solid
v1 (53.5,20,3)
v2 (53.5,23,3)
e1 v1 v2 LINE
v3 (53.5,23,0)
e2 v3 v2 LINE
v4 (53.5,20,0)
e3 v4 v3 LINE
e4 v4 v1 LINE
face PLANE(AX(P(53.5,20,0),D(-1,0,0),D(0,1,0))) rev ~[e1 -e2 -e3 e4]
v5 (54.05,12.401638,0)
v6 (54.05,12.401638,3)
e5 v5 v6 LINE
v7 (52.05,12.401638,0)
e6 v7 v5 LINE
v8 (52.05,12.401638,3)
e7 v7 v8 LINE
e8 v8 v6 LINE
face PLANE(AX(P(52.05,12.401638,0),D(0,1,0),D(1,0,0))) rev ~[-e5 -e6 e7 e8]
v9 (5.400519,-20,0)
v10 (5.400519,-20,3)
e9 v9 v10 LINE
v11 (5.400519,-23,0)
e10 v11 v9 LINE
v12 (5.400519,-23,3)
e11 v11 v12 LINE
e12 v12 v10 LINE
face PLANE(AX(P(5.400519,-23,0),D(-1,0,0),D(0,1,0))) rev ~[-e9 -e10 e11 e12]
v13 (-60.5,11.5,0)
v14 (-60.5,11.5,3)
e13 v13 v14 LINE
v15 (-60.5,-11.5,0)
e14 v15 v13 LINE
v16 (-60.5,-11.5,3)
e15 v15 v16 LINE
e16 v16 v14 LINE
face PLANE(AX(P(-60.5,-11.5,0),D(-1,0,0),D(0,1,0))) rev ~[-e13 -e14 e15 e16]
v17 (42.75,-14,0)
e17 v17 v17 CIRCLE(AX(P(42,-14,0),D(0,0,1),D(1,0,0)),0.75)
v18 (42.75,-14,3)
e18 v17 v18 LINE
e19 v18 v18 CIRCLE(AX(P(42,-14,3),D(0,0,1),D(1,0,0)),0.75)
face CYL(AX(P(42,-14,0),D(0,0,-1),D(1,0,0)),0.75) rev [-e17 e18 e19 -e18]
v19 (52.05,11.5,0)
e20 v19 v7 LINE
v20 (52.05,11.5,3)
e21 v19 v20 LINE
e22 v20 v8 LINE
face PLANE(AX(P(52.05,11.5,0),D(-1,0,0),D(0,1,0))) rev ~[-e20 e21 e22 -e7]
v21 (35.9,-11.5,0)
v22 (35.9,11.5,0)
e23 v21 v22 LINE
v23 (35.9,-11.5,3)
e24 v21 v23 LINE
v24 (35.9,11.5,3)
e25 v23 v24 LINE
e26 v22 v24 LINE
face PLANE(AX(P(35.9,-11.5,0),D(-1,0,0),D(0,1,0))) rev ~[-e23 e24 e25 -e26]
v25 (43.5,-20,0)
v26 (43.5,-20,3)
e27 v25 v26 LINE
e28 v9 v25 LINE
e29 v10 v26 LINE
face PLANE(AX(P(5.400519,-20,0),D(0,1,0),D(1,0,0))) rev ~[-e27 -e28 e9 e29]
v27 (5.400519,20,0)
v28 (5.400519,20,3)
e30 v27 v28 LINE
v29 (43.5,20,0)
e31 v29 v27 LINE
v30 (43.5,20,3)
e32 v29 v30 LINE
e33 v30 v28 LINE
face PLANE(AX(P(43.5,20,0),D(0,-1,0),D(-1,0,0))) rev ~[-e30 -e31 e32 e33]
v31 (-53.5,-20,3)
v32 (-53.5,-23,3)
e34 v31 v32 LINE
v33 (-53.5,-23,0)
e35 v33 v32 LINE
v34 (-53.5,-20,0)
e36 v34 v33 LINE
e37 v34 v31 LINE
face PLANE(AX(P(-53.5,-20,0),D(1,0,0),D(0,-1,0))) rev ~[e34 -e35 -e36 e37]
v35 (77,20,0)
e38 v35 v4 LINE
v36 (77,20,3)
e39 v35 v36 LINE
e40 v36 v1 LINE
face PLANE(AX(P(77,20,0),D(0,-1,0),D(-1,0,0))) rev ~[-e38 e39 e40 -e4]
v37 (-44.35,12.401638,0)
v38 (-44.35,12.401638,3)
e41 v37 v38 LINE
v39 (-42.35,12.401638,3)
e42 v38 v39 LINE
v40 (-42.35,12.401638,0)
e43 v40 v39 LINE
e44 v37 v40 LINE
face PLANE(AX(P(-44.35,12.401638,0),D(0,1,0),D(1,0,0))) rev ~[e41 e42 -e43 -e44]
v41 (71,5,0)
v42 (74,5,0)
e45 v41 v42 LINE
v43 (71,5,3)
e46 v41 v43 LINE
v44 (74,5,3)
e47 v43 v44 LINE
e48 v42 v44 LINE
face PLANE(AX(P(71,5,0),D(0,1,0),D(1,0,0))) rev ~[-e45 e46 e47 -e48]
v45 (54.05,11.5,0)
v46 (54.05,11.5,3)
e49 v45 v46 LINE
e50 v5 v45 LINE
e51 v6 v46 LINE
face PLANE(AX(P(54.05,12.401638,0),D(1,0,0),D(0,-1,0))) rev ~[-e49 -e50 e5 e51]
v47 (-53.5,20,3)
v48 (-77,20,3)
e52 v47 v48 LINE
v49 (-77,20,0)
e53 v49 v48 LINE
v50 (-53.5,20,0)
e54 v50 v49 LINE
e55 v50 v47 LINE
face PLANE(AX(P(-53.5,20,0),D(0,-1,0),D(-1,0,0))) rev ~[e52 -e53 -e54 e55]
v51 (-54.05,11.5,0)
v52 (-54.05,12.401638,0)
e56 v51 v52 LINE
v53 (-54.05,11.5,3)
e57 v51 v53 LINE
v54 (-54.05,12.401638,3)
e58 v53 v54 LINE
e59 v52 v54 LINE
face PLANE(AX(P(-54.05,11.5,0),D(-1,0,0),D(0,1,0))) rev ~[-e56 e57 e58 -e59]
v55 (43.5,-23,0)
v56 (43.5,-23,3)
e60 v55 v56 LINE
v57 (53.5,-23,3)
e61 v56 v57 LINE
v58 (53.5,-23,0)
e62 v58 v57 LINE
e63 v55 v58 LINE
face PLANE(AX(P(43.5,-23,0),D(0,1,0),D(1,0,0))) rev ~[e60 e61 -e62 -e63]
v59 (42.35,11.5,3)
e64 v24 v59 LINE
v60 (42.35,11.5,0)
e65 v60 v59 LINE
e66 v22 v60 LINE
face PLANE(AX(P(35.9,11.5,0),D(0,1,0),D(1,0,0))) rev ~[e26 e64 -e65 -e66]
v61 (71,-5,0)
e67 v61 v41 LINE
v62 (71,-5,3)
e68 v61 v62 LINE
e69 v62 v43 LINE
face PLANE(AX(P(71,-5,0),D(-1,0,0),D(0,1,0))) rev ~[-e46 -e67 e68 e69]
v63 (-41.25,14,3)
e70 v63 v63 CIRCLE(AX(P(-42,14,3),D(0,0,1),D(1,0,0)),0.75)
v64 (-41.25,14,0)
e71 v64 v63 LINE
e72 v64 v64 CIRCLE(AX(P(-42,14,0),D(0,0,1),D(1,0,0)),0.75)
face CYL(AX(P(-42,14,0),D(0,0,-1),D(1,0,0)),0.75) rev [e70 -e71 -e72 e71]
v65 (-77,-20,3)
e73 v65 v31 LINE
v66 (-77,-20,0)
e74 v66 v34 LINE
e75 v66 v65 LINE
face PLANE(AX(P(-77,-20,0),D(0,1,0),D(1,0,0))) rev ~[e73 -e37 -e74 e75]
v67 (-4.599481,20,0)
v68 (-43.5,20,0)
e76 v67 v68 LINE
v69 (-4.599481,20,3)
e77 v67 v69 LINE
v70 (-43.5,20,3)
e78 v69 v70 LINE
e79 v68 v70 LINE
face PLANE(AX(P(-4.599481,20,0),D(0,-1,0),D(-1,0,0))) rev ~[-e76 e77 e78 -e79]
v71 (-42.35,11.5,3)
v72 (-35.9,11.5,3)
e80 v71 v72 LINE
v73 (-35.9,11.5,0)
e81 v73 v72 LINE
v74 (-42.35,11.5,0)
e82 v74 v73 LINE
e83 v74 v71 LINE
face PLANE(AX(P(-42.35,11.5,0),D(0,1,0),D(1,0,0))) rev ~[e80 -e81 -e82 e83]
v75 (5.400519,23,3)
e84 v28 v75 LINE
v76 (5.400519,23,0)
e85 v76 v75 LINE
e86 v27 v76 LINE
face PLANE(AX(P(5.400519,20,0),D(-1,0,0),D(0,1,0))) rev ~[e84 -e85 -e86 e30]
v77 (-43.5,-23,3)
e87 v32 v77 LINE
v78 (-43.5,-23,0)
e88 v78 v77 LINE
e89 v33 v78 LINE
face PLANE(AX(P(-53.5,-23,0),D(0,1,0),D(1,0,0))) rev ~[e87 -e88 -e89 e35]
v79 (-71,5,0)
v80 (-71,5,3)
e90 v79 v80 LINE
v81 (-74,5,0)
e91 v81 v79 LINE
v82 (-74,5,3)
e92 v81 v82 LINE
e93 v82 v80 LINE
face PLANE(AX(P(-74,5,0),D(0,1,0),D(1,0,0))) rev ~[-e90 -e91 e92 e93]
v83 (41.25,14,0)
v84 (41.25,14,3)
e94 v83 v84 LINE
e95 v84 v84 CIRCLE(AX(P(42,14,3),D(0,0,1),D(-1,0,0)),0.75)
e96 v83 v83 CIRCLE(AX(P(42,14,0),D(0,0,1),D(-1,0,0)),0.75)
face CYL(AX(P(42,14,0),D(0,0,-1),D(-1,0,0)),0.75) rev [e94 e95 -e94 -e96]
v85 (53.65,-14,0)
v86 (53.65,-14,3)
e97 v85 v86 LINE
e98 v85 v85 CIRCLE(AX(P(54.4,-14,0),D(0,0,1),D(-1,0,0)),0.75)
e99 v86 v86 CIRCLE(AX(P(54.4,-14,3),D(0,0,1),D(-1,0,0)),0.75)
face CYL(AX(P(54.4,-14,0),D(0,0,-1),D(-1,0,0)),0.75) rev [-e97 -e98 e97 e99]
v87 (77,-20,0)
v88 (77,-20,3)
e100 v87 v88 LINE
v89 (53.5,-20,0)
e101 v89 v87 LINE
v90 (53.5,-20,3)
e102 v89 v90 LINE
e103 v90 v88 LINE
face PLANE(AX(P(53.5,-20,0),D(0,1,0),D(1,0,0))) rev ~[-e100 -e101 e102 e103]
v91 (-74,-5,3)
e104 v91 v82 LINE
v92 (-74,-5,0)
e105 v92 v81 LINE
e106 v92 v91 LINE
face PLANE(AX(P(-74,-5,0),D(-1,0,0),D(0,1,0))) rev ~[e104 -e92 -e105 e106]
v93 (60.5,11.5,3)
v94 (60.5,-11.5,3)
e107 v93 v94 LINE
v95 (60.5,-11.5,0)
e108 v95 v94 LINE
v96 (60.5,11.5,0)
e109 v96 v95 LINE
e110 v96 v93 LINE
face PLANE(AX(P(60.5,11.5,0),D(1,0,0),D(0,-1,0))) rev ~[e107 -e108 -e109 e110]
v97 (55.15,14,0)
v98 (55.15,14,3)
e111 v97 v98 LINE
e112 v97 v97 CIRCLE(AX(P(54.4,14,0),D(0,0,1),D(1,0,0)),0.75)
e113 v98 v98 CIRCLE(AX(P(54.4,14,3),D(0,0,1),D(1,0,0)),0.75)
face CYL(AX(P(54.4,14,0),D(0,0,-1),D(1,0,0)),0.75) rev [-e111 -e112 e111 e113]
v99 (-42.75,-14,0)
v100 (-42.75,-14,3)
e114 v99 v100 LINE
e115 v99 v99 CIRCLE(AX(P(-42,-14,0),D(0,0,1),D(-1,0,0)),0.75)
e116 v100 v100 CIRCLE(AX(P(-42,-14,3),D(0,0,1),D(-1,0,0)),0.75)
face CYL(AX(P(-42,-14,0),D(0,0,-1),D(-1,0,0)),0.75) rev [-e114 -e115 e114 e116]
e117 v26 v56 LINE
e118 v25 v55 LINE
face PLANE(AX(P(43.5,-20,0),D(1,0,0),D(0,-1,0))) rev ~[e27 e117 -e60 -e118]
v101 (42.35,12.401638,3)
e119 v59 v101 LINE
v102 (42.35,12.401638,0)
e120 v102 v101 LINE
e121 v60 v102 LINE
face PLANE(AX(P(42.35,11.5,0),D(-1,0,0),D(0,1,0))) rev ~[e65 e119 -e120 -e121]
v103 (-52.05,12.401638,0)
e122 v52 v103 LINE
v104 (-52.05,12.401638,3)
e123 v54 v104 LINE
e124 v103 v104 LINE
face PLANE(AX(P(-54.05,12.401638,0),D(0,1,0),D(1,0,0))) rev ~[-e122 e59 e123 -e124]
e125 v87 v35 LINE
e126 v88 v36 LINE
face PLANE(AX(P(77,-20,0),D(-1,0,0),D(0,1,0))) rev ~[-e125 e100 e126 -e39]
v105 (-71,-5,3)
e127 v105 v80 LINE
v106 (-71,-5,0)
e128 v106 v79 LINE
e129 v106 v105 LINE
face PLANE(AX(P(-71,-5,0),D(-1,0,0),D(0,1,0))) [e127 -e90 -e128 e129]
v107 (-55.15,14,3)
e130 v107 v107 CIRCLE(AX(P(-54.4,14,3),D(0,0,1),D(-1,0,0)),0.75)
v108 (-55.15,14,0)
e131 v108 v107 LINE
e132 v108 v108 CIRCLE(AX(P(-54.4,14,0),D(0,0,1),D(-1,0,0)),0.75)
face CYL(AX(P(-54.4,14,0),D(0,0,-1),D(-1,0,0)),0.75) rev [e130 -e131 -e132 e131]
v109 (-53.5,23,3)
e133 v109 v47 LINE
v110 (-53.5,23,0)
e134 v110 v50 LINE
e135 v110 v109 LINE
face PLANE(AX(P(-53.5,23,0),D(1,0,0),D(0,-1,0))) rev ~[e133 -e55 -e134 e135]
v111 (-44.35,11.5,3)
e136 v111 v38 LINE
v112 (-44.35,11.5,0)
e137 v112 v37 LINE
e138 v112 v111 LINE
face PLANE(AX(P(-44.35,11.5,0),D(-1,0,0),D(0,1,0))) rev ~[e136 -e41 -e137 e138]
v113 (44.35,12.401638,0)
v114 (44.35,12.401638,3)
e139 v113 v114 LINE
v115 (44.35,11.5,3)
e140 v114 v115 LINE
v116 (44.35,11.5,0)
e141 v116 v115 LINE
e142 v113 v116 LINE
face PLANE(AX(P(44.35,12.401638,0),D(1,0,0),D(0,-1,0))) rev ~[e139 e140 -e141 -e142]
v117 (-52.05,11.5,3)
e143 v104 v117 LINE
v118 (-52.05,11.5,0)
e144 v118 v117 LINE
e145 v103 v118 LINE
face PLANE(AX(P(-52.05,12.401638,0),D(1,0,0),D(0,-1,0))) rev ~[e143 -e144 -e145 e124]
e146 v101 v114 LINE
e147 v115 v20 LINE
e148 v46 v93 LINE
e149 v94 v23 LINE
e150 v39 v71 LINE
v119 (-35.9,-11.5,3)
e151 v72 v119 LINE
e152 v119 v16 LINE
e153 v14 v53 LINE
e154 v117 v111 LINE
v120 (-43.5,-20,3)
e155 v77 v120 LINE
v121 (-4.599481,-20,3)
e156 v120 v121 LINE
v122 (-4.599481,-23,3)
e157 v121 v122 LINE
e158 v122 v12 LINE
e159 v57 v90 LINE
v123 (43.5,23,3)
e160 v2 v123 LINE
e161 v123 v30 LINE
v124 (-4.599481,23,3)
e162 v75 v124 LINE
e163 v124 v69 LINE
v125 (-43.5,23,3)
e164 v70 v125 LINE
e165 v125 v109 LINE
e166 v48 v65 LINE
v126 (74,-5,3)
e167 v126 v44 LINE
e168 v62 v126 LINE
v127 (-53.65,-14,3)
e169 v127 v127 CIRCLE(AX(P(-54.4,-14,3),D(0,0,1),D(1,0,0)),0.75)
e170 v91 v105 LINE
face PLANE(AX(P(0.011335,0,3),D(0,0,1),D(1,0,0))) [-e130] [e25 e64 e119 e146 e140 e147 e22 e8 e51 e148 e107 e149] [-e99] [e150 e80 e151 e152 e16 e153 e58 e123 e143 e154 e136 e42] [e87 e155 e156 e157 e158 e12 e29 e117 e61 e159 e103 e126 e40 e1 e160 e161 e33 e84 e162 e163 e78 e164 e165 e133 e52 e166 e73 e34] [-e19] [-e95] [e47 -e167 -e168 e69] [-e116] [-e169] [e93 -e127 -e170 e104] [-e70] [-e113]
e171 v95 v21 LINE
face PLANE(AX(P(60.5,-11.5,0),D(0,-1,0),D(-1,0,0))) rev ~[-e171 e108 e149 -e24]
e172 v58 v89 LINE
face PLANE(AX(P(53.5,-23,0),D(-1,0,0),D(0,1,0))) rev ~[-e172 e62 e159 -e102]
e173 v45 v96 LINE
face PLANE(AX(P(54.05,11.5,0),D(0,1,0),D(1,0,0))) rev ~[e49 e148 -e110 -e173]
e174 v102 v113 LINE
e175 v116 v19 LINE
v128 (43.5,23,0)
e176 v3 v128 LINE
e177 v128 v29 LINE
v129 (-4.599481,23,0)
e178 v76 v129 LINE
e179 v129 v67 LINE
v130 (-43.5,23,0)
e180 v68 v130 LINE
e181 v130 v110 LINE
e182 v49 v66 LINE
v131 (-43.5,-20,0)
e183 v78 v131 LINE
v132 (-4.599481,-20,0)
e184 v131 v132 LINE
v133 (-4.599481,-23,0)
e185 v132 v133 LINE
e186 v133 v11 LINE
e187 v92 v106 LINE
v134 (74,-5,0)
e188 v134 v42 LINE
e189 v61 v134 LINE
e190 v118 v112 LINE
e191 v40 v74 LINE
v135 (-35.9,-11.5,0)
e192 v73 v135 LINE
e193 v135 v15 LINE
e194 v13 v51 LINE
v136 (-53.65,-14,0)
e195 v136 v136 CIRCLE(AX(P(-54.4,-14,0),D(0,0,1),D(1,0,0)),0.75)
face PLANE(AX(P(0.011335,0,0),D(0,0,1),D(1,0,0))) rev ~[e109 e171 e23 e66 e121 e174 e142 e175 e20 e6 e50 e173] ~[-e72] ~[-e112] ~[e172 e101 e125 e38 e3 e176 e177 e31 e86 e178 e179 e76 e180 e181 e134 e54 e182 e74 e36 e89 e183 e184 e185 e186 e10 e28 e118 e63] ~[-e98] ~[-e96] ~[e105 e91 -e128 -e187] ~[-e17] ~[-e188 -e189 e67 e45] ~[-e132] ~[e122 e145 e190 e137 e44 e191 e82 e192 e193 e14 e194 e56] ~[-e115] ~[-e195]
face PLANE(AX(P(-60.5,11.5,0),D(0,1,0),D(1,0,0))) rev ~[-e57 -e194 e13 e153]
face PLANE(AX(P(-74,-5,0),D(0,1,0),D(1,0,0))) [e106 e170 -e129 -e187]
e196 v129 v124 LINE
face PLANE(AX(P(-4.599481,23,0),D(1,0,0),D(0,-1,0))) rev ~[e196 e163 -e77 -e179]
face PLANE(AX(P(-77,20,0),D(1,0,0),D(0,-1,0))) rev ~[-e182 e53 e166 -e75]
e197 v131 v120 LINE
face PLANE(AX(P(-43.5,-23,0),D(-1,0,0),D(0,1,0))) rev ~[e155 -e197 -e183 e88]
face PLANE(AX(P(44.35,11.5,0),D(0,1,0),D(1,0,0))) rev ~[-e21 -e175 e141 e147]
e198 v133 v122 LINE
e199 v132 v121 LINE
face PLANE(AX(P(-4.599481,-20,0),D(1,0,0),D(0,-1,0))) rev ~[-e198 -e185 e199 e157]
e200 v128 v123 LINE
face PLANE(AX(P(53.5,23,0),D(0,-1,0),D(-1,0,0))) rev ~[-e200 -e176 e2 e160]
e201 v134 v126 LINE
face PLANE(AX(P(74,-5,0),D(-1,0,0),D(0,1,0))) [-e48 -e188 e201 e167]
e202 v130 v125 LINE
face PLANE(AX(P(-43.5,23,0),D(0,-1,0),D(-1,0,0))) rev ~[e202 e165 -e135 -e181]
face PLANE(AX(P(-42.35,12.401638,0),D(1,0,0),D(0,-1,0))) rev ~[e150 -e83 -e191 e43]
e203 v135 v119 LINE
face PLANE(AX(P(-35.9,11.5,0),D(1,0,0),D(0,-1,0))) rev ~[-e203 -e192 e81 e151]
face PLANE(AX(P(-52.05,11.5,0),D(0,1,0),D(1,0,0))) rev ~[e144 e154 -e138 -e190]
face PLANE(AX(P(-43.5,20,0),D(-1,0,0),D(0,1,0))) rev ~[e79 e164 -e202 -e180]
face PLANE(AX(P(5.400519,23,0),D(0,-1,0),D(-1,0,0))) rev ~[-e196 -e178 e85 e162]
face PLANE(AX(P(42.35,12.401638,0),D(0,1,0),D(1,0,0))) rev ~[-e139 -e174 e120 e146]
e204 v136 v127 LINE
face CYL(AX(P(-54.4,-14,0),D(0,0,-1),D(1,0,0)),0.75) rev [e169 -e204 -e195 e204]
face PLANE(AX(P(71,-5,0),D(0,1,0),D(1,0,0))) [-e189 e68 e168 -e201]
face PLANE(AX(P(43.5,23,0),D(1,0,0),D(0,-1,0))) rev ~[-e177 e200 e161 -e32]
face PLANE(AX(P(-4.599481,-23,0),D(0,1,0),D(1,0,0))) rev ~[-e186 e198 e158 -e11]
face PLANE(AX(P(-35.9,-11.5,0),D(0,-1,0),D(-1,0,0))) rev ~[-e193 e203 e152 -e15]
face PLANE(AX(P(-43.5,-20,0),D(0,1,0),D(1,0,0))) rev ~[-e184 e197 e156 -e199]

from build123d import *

# Parameters (mm, degrees)
SKETCH_1_R      = 0.75
SKETCH_1_W      = 3
SKETCH_1_H      = 10
EXTRUDE_1_DEPTH = 3


with BuildPart() as part:
    # 草图1 → 凸台-拉伸1 (new body)
    with BuildSketch(Plane.XY):
        Polygon((-43.5, -20), (-4.599481492, -20), (-4.599481492, -23), (5.400518508, -23), (5.400518508, -20), (43.5, -20), (43.5, -23), (53.5, -23), (53.5, -20), (77, -20), (77, 20), (53.5, 20), (53.5, 23), (43.5, 23), (43.5, 20), (5.400518508, 20), (5.400518508, 23), (-4.599481492, 23), (-4.599481492, 20), (-43.5, 20), (-43.5, 23), (-53.5, 23), (-53.5, 20), (-77, 20), (-77, -20), (-53.5, -20), (-53.5, -23), (-43.5, -23), align=None)
        with Locations((-54.4, -14)):
            Circle(SKETCH_1_R, mode=Mode.SUBTRACT)
        with Locations(Location((-54.4, 14, 0), (0, 0, 180))):
            Circle(SKETCH_1_R, mode=Mode.SUBTRACT)
        with Locations(Location((-42, -14, 0), (0, 0, 180))):
            Circle(SKETCH_1_R, mode=Mode.SUBTRACT)
        with Locations((-42, 14)):
            Circle(SKETCH_1_R, mode=Mode.SUBTRACT)
        with Locations((42, -14)):
            Circle(SKETCH_1_R, mode=Mode.SUBTRACT)
        with Locations(Location((54.4, -14, 0), (0, 0, 180))):
            Circle(SKETCH_1_R, mode=Mode.SUBTRACT)
        with Locations((54.4, 14)):
            Circle(SKETCH_1_R, mode=Mode.SUBTRACT)
        with Locations(Location((42, 14, 0), (0, 0, 180))):
            Circle(SKETCH_1_R, mode=Mode.SUBTRACT)
        with Locations((-72.5, 0)):
            Rectangle(SKETCH_1_W, SKETCH_1_H, mode=Mode.SUBTRACT)
        with Locations((72.5, 0)):
            Rectangle(SKETCH_1_W, SKETCH_1_H, mode=Mode.SUBTRACT)
        Polygon((-60.5, 11.5), (-54.05, 11.5), (-54.05, 12.40163795), (-52.05, 12.40163795), (-52.05, 11.5), (-44.35, 11.5), (-44.35, 12.40163795), (-42.35, 12.40163795), (-42.35, 11.5), (-35.9, 11.5), (-35.9, -11.5), (-60.5, -11.5), align=None, mode=Mode.SUBTRACT)
        Polygon((52.05, 11.5), (52.05, 12.40163795), (54.05, 12.40163795), (54.05, 11.5), (60.5, 11.5), (60.5, -11.5), (35.9, -11.5), (35.9, 11.5), (42.35, 11.5), (42.35, 12.40163795), (44.35, 12.40163795), (44.35, 11.5), align=None, mode=Mode.SUBTRACT)
    extrude(amount=EXTRUDE_1_DEPTH)


solid = part.part
